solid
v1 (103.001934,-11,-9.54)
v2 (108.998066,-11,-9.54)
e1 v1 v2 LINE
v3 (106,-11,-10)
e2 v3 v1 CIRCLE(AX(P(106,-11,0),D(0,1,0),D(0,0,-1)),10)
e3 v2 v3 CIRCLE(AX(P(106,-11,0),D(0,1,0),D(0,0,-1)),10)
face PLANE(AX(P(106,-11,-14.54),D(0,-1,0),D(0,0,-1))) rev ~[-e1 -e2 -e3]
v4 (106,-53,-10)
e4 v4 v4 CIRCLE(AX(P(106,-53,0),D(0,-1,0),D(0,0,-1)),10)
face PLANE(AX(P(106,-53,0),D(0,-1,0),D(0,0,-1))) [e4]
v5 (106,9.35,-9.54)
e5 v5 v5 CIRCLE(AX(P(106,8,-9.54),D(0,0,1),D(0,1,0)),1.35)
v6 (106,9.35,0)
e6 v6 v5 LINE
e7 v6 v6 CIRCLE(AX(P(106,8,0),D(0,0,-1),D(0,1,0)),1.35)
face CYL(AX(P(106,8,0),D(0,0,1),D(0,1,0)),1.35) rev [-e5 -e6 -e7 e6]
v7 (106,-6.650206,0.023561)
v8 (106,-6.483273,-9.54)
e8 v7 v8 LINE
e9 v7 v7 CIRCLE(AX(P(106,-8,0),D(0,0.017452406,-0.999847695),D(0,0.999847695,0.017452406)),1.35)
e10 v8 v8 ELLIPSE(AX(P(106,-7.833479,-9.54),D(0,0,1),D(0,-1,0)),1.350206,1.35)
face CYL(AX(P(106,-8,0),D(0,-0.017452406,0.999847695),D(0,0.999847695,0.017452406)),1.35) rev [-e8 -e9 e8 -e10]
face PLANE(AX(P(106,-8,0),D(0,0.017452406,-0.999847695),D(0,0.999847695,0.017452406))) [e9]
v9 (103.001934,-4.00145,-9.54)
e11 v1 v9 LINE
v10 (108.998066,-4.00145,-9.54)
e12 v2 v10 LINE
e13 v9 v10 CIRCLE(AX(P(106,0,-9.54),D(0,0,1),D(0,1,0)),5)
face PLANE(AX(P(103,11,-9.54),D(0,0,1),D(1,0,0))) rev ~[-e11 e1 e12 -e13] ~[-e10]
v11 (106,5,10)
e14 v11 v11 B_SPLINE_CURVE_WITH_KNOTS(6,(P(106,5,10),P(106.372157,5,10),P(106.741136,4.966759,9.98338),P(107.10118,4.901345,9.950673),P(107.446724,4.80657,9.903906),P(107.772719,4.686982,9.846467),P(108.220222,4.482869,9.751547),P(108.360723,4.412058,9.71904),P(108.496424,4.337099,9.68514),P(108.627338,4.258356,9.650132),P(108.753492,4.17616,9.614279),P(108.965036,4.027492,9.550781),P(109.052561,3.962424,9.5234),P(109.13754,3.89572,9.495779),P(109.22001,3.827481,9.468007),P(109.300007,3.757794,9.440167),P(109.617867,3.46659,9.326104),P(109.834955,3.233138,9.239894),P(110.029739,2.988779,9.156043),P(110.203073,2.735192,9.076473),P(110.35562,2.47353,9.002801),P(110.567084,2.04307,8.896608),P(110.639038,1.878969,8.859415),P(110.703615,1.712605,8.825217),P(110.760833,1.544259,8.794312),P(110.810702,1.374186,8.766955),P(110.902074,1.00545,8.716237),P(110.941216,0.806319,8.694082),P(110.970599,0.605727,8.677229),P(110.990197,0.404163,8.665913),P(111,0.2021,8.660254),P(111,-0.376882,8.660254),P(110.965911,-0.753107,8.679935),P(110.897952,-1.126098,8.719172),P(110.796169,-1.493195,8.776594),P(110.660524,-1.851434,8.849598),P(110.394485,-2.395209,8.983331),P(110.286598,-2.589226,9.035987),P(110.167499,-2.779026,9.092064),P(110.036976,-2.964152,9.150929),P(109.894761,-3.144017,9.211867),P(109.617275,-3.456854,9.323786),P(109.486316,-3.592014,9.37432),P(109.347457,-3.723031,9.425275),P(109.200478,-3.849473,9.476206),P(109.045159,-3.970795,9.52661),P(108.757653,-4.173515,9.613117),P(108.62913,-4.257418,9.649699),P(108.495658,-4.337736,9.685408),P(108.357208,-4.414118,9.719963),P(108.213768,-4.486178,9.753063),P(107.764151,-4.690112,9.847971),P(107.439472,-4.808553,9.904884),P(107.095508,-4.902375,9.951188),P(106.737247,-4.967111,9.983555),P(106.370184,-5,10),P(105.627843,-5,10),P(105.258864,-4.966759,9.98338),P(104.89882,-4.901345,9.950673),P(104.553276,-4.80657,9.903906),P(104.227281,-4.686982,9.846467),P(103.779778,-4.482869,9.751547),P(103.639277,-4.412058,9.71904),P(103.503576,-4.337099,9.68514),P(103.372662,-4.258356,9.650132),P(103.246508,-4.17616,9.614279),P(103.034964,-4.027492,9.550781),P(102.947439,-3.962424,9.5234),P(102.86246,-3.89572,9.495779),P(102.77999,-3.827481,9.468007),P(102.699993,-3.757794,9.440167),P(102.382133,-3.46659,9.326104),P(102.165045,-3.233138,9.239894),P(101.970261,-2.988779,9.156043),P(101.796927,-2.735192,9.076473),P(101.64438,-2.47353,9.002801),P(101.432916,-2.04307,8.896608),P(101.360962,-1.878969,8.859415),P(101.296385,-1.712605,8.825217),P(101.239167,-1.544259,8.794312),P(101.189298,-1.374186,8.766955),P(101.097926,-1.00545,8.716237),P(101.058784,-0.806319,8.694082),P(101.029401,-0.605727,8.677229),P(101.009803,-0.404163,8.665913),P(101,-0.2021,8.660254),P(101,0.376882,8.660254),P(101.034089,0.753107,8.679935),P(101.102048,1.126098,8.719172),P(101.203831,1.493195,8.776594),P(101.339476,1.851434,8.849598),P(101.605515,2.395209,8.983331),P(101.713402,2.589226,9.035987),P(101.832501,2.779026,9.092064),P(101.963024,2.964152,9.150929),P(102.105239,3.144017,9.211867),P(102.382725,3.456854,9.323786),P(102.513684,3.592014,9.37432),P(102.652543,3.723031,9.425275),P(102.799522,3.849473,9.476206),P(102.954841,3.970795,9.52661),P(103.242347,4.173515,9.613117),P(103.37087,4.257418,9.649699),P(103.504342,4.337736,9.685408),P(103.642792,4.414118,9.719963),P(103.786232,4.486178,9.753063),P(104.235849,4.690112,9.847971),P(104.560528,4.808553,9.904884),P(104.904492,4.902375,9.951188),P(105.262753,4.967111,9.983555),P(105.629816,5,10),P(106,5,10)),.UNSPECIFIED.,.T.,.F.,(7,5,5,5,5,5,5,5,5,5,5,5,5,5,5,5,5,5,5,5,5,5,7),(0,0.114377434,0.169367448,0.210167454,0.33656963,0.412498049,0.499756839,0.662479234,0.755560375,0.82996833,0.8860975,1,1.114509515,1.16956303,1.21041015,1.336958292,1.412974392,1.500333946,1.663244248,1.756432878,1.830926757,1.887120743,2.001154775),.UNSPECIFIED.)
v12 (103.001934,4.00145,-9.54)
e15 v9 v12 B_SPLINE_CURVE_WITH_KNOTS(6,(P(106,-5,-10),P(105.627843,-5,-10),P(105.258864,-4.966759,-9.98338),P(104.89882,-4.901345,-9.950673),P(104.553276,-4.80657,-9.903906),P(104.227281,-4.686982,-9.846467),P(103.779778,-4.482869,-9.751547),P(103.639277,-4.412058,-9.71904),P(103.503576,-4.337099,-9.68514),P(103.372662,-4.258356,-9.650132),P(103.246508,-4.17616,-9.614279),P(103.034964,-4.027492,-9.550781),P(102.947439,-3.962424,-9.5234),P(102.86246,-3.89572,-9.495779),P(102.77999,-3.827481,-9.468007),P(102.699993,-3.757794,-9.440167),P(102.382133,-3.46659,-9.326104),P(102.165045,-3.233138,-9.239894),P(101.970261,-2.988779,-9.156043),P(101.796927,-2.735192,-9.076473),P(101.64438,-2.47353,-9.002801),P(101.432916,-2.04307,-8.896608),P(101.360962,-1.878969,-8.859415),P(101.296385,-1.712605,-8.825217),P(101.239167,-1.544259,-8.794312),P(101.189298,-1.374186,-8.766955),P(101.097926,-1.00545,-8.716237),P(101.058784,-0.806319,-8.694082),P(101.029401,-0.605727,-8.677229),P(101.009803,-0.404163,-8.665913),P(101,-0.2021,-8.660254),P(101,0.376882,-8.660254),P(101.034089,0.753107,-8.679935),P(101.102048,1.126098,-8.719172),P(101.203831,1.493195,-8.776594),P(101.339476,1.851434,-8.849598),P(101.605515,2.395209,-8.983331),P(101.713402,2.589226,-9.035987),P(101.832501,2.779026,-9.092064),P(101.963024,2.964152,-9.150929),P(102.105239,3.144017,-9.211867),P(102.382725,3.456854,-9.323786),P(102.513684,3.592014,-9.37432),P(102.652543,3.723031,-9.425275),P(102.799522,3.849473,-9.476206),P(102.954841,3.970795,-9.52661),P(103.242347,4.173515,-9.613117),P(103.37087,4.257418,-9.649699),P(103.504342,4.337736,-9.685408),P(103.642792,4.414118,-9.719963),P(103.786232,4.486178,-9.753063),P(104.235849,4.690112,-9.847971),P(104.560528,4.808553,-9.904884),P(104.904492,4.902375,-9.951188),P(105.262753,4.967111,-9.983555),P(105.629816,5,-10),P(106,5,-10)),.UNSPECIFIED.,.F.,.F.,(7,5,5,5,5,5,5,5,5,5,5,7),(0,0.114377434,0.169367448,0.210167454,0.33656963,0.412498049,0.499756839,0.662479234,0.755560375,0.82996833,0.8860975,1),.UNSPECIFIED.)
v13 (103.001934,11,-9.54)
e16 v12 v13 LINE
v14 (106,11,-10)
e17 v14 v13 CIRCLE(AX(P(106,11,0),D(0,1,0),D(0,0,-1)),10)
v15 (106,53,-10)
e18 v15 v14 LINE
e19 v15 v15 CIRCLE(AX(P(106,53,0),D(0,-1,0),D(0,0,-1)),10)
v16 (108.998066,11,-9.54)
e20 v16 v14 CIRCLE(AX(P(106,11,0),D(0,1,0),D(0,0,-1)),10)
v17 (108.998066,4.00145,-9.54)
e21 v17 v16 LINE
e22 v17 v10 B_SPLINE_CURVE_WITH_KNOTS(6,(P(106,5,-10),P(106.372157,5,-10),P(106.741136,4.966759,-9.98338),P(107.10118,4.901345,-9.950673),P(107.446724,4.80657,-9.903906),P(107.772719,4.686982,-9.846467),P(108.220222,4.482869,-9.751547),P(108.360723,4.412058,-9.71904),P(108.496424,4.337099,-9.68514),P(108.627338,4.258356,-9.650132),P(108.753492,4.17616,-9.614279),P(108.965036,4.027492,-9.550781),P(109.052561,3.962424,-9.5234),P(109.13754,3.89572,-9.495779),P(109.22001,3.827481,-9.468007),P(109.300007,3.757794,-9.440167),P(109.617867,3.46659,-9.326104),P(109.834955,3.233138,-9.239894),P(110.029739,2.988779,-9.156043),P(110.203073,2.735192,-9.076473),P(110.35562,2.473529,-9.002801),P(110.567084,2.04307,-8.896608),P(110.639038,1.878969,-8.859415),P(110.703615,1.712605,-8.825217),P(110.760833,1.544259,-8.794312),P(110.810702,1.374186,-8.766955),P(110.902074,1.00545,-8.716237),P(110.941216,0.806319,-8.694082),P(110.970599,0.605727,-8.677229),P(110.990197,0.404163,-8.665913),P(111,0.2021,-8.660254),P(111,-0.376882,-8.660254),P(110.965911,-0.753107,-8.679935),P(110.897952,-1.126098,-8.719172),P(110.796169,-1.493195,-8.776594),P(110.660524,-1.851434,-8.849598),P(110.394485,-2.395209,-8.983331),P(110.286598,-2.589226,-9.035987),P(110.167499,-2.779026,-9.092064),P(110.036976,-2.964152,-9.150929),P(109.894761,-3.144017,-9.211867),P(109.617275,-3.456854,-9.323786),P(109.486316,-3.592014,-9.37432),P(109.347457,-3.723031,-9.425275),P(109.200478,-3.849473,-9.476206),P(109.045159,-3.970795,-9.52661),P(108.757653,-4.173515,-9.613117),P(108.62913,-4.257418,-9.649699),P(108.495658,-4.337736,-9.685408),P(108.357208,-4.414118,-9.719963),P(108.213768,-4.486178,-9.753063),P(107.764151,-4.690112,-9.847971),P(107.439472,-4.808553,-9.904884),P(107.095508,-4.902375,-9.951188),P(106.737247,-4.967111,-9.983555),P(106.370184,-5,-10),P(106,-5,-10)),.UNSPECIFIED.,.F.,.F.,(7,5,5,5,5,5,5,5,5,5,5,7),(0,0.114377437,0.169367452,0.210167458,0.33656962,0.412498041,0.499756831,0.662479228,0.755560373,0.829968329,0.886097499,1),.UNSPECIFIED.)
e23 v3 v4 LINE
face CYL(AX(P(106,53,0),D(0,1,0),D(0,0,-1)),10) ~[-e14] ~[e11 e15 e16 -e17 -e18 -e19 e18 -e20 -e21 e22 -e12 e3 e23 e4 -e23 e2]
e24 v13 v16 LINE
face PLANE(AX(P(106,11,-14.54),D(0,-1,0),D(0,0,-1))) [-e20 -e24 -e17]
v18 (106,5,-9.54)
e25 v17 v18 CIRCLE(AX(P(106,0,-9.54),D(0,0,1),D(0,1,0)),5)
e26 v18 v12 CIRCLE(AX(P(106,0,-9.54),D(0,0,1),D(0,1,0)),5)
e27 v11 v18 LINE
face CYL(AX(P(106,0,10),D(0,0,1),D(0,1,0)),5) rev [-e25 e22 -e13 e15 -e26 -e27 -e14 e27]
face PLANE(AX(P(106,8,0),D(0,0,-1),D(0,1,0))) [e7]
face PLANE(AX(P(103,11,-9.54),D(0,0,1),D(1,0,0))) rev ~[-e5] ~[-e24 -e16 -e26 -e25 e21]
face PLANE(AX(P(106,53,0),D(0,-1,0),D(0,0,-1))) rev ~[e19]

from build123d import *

# Parameters (mm, degrees)
CYLINDER004_R               = 1.35
CYLINDER004_DEPTH           = 10
CYLINDER004_PLACEMENT_ANGLE = 91
CYLINDER003_R               = 1.35
CYLINDER003_DEPTH           = 10
CYLINDER003_PITCH_ANGLE     = 90
CYLINDER002_R               = 5
CYLINDER002_DEPTH           = 20
CYLINDER002_PITCH_ANGLE     = 90
BOX_W                       = 10
BOX_H                       = 6
BOX_DEPTH                   = 22
CYLINDER001_R               = 10
CYLINDER001_DEPTH           = 106
CUT003_PITCH_ANGLE          = 90
CUT003_PLACEMENT_ANGLE      = -90


with BuildPart() as cylinder004:
    # Cylinder004 → Cylinder004 (new body)
    with BuildSketch(Plane.XY):
        Circle(CYLINDER004_R)
    extrude(amount=CYLINDER004_DEPTH)


with BuildPart() as cylinder004_1:
    # Cylinder004 placement: moved
    add(cylinder004.part.moved(Location((0, 0, 85))).rotate(Axis((0, 0, 85), (0, 1, 0)), CYLINDER004_PLACEMENT_ANGLE))


with BuildPart() as cylinder003:
    # Cylinder003 → Cylinder003 (new body)
    with BuildSketch(Plane.XY):
        Circle(CYLINDER003_R)
    extrude(amount=CYLINDER003_DEPTH)


with BuildPart() as cylinder003_1:
    # Cylinder003 pitch: moved
    add(cylinder003.part.rotate(Axis((0, 0, 0), (0, 1, 0)), CYLINDER003_PITCH_ANGLE))


with BuildPart() as cylinder003_2:
    # Cylinder003 placement: moved
    add(cylinder003_1.part.moved(Location((0, 0, 69))))


with BuildPart() as cylinder002:
    # Cylinder002 → Cylinder002 (new body)
    with BuildSketch(Plane.XY):
        Circle(CYLINDER002_R)
    extrude(amount=CYLINDER002_DEPTH)


with BuildPart() as cylinder002_1:
    # Cylinder002 pitch: moved
    add(cylinder002.part.rotate(Axis((0, 0, 0), (0, 1, 0)), CYLINDER002_PITCH_ANGLE))


with BuildPart() as cylinder002_2:
    # Cylinder002 placement: moved
    add(cylinder002_1.part.moved(Location((-10, 0, 77))))


with BuildPart() as cube:
    # Box → Box (new body)
    with BuildSketch(Plane(origin=(9.54, -3, 66), x_dir=(1, 0, 0), z_dir=(0, 0, 1))):
        with Locations((5, 3)):
            Rectangle(BOX_W, BOX_H)
    extrude(amount=BOX_DEPTH)


with BuildPart() as lever:
    # Cylinder001 → Cylinder001 (new body)
    with BuildSketch(Plane.XY.offset(24)):
        Circle(CYLINDER001_R)
    extrude(amount=CYLINDER001_DEPTH)

    # Cut: cut Cube
    add(cube.part, mode=Mode.SUBTRACT)

    # Cut001: cut Cylinder002
    add(cylinder002_2.part, mode=Mode.SUBTRACT)

    # Cut002: cut Cylinder003
    add(cylinder003_2.part, mode=Mode.SUBTRACT)

    # Cut003: cut Cylinder004
    add(cylinder004_1.part, mode=Mode.SUBTRACT)


with BuildPart() as lever_1:
    # Cut003 pitch: moved
    add(lever.part.rotate(Axis((0, 0, 0), (0, 1, 0)), CUT003_PITCH_ANGLE))


with BuildPart() as lever_2:
    # Cut003 placement: moved
    add(lever_1.part.moved(Location((106, 77, 0))).rotate(Axis((106, 77, 0), (0, 0, 1)), CUT003_PLACEMENT_ANGLE))


solid = lever_2.part
